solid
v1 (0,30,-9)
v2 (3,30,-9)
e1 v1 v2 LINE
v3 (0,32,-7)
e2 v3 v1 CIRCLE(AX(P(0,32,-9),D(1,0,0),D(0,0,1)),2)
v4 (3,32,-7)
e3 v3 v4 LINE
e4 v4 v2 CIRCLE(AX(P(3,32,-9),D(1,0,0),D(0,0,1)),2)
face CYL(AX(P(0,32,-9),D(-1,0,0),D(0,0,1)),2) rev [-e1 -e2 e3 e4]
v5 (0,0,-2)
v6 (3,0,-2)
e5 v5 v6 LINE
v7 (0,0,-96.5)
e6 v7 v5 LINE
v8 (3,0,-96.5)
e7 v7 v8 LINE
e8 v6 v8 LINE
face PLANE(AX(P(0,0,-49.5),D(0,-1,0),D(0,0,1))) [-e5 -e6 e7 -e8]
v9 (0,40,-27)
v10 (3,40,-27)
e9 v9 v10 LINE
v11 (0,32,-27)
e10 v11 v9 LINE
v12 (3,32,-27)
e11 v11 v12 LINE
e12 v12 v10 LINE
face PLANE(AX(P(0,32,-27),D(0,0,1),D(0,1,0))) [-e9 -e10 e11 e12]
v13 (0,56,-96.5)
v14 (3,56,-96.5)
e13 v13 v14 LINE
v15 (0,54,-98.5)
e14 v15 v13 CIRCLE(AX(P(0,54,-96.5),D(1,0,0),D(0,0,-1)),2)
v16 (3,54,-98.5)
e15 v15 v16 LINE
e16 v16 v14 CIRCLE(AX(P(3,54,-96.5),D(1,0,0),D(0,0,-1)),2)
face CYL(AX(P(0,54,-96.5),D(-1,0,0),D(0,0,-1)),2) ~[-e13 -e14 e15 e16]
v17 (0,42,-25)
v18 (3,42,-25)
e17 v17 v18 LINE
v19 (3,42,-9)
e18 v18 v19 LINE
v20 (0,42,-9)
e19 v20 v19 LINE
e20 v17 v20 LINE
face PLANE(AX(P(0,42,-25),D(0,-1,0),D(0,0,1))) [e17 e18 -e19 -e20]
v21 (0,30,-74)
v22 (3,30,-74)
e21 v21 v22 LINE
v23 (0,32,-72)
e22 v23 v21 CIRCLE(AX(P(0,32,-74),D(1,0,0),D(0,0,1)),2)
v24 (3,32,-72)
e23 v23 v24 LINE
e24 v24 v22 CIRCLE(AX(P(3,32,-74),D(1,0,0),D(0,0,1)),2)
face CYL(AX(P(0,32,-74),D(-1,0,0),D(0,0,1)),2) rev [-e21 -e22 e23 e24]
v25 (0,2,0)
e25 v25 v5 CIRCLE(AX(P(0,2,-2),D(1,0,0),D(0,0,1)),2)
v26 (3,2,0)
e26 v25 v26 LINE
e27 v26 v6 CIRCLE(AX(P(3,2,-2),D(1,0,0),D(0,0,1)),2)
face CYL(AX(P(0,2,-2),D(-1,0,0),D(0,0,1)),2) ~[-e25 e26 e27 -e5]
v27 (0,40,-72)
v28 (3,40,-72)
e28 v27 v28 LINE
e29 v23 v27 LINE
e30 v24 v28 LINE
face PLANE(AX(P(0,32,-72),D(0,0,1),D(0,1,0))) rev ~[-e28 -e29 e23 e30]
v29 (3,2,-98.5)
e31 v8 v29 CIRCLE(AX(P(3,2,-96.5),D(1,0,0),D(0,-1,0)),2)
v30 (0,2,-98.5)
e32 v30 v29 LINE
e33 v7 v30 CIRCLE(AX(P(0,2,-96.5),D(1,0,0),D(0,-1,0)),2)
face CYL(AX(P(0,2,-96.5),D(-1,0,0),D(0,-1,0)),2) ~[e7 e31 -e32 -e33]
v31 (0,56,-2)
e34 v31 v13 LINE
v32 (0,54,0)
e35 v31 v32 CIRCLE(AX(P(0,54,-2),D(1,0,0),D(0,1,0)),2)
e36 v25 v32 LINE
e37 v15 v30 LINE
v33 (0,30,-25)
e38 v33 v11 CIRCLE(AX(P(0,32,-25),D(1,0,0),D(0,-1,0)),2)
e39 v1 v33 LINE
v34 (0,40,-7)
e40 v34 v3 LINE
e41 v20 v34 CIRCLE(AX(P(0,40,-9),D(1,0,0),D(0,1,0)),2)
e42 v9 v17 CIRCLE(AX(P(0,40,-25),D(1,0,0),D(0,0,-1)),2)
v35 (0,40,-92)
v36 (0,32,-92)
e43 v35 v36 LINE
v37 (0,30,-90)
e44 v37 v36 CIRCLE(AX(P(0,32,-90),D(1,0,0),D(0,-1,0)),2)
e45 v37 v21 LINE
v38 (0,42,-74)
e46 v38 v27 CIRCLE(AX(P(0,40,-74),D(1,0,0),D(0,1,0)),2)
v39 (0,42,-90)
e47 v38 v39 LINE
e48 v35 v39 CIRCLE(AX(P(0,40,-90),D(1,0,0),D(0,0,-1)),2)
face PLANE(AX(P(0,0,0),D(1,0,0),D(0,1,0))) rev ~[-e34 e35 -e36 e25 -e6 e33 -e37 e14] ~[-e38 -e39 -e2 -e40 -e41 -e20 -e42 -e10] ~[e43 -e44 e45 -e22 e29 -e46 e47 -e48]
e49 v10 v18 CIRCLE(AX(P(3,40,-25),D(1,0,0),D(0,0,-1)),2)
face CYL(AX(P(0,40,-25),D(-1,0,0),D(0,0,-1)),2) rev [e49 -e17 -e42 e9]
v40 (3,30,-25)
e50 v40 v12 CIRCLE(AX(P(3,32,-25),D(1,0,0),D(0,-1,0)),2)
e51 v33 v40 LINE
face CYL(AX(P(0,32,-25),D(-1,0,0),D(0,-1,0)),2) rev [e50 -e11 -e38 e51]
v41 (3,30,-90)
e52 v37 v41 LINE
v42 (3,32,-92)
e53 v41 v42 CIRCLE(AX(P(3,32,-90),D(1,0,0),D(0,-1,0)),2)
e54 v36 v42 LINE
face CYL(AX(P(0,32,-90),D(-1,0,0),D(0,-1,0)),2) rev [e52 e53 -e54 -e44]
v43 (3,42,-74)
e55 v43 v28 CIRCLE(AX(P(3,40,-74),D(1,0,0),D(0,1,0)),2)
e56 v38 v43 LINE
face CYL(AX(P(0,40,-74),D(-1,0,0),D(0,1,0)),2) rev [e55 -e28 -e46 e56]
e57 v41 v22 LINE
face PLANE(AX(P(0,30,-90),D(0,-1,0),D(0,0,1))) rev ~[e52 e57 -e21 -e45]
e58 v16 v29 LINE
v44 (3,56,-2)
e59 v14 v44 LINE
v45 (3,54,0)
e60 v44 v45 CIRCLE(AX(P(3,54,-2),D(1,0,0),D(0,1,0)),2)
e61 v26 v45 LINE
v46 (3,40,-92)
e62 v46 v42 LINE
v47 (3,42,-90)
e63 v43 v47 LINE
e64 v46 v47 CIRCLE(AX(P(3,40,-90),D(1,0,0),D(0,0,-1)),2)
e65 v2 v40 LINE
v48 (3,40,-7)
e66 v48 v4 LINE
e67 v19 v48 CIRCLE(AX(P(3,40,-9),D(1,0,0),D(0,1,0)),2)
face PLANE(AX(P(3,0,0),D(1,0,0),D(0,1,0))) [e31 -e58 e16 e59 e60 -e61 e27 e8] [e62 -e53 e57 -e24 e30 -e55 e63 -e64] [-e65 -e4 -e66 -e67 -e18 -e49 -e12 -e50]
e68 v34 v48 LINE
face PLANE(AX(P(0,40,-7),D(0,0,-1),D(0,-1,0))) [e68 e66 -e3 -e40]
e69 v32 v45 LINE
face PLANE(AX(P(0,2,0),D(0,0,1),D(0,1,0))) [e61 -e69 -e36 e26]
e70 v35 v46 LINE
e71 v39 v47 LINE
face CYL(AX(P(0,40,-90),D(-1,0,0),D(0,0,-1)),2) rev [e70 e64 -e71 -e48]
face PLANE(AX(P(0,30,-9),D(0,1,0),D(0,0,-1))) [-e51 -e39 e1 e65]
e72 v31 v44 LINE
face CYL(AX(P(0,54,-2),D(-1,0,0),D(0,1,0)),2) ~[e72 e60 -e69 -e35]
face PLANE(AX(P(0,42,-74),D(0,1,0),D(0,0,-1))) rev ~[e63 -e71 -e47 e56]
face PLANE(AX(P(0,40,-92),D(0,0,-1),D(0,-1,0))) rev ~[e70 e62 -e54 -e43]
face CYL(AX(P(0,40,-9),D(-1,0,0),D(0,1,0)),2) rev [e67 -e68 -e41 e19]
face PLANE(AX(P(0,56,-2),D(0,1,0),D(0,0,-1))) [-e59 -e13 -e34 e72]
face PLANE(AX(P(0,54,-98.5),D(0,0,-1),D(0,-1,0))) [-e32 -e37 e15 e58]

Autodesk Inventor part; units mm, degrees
ref_plane "YZ Plane" through (0, 0, 0) normal (1, 0, 0) x (0, 1, 0)
ref_plane "XZ Plane" through (0, 0, 0) normal (0, 1, 0) x (-1, 0, 0)
ref_plane "XY Plane" through (0, 0, 0) normal (0, 0, 1) x (1, 0, 0)
sketch "Sketch1" plane through (0, 0, 0) normal (1, 0, 0) x (0, 1, 0)
  line L0 (2, 0) -> (54, 0)
  line L1 (56, -2) -> (56, -96.5)
  line L2 (54, -98.5) -> (2, -98.5)
  line L3 (0, -96.5) -> (0, -2)
  line L4 (40, -7) -> (32, -7)
  line L5 (30, -9) -> (30, -25)
  line L6 (32, -27) -> (40, -27)
  line L7 (42, -25) -> (42, -9)
  arc A0 (40, -27) -> (42, -25) centre (40, -25) ccw
  arc A1 (32, -7) -> (30, -9) centre (32, -9) ccw
  arc A2 (30, -25) -> (32, -27) centre (32, -25) ccw
  arc A3 (42, -9) -> (40, -7) centre (40, -9) ccw
  line L8 (0, -49.5) -> (56, -49.5)
  line L9 (40, -92) -> (32, -92)
  line L10 (30, -90) -> (30, -74)
  line L11 (32, -72) -> (40, -72)
  line L12 (42, -74) -> (42, -90)
  arc A4 (42, -74) -> (40, -72) centre (40, -74) ccw
  arc A5 (30, -90) -> (32, -92) centre (32, -90) ccw
  arc A6 (32, -72) -> (30, -74) centre (32, -74) ccw
  arc A7 (40, -92) -> (42, -90) centre (40, -90) ccw
  arc A8 (56, -2) -> (54, 0) centre (54, -2) ccw
  arc A9 (54, -98.5) -> (56, -96.5) centre (54, -96.5) ccw
  arc A10 (0, -96.5) -> (2, -98.5) centre (2, -96.5) ccw
  arc A11 (2, 0) -> (0, -2) centre (2, -2) ccw
  point P0 (0, 0)
  point P1 (56, -98.5)
  point P2 (56, 0)
  point P3 (0, -98.5)
  point P4 (42, -7)
  point P5 (30, -27)
  point P6 (42, -27)
  point P7 (42, -92)
  point P8 (30, -72)
  point P9 (42, -72)
  dimension "d0" = 56
  dimension "d1" = 98.5
  dimension "d2" = 7
  dimension "d3" = 30
  dimension "d4" = 12
  dimension "d5" = 20
  dimension "d6" = 2
  dimension "d7" = 49.5
  dimension "d10" = 2
extrude "Extrusion1" add sketch "Sketch1" along normal blind 3
properties part number "PARED FRONTAL"
